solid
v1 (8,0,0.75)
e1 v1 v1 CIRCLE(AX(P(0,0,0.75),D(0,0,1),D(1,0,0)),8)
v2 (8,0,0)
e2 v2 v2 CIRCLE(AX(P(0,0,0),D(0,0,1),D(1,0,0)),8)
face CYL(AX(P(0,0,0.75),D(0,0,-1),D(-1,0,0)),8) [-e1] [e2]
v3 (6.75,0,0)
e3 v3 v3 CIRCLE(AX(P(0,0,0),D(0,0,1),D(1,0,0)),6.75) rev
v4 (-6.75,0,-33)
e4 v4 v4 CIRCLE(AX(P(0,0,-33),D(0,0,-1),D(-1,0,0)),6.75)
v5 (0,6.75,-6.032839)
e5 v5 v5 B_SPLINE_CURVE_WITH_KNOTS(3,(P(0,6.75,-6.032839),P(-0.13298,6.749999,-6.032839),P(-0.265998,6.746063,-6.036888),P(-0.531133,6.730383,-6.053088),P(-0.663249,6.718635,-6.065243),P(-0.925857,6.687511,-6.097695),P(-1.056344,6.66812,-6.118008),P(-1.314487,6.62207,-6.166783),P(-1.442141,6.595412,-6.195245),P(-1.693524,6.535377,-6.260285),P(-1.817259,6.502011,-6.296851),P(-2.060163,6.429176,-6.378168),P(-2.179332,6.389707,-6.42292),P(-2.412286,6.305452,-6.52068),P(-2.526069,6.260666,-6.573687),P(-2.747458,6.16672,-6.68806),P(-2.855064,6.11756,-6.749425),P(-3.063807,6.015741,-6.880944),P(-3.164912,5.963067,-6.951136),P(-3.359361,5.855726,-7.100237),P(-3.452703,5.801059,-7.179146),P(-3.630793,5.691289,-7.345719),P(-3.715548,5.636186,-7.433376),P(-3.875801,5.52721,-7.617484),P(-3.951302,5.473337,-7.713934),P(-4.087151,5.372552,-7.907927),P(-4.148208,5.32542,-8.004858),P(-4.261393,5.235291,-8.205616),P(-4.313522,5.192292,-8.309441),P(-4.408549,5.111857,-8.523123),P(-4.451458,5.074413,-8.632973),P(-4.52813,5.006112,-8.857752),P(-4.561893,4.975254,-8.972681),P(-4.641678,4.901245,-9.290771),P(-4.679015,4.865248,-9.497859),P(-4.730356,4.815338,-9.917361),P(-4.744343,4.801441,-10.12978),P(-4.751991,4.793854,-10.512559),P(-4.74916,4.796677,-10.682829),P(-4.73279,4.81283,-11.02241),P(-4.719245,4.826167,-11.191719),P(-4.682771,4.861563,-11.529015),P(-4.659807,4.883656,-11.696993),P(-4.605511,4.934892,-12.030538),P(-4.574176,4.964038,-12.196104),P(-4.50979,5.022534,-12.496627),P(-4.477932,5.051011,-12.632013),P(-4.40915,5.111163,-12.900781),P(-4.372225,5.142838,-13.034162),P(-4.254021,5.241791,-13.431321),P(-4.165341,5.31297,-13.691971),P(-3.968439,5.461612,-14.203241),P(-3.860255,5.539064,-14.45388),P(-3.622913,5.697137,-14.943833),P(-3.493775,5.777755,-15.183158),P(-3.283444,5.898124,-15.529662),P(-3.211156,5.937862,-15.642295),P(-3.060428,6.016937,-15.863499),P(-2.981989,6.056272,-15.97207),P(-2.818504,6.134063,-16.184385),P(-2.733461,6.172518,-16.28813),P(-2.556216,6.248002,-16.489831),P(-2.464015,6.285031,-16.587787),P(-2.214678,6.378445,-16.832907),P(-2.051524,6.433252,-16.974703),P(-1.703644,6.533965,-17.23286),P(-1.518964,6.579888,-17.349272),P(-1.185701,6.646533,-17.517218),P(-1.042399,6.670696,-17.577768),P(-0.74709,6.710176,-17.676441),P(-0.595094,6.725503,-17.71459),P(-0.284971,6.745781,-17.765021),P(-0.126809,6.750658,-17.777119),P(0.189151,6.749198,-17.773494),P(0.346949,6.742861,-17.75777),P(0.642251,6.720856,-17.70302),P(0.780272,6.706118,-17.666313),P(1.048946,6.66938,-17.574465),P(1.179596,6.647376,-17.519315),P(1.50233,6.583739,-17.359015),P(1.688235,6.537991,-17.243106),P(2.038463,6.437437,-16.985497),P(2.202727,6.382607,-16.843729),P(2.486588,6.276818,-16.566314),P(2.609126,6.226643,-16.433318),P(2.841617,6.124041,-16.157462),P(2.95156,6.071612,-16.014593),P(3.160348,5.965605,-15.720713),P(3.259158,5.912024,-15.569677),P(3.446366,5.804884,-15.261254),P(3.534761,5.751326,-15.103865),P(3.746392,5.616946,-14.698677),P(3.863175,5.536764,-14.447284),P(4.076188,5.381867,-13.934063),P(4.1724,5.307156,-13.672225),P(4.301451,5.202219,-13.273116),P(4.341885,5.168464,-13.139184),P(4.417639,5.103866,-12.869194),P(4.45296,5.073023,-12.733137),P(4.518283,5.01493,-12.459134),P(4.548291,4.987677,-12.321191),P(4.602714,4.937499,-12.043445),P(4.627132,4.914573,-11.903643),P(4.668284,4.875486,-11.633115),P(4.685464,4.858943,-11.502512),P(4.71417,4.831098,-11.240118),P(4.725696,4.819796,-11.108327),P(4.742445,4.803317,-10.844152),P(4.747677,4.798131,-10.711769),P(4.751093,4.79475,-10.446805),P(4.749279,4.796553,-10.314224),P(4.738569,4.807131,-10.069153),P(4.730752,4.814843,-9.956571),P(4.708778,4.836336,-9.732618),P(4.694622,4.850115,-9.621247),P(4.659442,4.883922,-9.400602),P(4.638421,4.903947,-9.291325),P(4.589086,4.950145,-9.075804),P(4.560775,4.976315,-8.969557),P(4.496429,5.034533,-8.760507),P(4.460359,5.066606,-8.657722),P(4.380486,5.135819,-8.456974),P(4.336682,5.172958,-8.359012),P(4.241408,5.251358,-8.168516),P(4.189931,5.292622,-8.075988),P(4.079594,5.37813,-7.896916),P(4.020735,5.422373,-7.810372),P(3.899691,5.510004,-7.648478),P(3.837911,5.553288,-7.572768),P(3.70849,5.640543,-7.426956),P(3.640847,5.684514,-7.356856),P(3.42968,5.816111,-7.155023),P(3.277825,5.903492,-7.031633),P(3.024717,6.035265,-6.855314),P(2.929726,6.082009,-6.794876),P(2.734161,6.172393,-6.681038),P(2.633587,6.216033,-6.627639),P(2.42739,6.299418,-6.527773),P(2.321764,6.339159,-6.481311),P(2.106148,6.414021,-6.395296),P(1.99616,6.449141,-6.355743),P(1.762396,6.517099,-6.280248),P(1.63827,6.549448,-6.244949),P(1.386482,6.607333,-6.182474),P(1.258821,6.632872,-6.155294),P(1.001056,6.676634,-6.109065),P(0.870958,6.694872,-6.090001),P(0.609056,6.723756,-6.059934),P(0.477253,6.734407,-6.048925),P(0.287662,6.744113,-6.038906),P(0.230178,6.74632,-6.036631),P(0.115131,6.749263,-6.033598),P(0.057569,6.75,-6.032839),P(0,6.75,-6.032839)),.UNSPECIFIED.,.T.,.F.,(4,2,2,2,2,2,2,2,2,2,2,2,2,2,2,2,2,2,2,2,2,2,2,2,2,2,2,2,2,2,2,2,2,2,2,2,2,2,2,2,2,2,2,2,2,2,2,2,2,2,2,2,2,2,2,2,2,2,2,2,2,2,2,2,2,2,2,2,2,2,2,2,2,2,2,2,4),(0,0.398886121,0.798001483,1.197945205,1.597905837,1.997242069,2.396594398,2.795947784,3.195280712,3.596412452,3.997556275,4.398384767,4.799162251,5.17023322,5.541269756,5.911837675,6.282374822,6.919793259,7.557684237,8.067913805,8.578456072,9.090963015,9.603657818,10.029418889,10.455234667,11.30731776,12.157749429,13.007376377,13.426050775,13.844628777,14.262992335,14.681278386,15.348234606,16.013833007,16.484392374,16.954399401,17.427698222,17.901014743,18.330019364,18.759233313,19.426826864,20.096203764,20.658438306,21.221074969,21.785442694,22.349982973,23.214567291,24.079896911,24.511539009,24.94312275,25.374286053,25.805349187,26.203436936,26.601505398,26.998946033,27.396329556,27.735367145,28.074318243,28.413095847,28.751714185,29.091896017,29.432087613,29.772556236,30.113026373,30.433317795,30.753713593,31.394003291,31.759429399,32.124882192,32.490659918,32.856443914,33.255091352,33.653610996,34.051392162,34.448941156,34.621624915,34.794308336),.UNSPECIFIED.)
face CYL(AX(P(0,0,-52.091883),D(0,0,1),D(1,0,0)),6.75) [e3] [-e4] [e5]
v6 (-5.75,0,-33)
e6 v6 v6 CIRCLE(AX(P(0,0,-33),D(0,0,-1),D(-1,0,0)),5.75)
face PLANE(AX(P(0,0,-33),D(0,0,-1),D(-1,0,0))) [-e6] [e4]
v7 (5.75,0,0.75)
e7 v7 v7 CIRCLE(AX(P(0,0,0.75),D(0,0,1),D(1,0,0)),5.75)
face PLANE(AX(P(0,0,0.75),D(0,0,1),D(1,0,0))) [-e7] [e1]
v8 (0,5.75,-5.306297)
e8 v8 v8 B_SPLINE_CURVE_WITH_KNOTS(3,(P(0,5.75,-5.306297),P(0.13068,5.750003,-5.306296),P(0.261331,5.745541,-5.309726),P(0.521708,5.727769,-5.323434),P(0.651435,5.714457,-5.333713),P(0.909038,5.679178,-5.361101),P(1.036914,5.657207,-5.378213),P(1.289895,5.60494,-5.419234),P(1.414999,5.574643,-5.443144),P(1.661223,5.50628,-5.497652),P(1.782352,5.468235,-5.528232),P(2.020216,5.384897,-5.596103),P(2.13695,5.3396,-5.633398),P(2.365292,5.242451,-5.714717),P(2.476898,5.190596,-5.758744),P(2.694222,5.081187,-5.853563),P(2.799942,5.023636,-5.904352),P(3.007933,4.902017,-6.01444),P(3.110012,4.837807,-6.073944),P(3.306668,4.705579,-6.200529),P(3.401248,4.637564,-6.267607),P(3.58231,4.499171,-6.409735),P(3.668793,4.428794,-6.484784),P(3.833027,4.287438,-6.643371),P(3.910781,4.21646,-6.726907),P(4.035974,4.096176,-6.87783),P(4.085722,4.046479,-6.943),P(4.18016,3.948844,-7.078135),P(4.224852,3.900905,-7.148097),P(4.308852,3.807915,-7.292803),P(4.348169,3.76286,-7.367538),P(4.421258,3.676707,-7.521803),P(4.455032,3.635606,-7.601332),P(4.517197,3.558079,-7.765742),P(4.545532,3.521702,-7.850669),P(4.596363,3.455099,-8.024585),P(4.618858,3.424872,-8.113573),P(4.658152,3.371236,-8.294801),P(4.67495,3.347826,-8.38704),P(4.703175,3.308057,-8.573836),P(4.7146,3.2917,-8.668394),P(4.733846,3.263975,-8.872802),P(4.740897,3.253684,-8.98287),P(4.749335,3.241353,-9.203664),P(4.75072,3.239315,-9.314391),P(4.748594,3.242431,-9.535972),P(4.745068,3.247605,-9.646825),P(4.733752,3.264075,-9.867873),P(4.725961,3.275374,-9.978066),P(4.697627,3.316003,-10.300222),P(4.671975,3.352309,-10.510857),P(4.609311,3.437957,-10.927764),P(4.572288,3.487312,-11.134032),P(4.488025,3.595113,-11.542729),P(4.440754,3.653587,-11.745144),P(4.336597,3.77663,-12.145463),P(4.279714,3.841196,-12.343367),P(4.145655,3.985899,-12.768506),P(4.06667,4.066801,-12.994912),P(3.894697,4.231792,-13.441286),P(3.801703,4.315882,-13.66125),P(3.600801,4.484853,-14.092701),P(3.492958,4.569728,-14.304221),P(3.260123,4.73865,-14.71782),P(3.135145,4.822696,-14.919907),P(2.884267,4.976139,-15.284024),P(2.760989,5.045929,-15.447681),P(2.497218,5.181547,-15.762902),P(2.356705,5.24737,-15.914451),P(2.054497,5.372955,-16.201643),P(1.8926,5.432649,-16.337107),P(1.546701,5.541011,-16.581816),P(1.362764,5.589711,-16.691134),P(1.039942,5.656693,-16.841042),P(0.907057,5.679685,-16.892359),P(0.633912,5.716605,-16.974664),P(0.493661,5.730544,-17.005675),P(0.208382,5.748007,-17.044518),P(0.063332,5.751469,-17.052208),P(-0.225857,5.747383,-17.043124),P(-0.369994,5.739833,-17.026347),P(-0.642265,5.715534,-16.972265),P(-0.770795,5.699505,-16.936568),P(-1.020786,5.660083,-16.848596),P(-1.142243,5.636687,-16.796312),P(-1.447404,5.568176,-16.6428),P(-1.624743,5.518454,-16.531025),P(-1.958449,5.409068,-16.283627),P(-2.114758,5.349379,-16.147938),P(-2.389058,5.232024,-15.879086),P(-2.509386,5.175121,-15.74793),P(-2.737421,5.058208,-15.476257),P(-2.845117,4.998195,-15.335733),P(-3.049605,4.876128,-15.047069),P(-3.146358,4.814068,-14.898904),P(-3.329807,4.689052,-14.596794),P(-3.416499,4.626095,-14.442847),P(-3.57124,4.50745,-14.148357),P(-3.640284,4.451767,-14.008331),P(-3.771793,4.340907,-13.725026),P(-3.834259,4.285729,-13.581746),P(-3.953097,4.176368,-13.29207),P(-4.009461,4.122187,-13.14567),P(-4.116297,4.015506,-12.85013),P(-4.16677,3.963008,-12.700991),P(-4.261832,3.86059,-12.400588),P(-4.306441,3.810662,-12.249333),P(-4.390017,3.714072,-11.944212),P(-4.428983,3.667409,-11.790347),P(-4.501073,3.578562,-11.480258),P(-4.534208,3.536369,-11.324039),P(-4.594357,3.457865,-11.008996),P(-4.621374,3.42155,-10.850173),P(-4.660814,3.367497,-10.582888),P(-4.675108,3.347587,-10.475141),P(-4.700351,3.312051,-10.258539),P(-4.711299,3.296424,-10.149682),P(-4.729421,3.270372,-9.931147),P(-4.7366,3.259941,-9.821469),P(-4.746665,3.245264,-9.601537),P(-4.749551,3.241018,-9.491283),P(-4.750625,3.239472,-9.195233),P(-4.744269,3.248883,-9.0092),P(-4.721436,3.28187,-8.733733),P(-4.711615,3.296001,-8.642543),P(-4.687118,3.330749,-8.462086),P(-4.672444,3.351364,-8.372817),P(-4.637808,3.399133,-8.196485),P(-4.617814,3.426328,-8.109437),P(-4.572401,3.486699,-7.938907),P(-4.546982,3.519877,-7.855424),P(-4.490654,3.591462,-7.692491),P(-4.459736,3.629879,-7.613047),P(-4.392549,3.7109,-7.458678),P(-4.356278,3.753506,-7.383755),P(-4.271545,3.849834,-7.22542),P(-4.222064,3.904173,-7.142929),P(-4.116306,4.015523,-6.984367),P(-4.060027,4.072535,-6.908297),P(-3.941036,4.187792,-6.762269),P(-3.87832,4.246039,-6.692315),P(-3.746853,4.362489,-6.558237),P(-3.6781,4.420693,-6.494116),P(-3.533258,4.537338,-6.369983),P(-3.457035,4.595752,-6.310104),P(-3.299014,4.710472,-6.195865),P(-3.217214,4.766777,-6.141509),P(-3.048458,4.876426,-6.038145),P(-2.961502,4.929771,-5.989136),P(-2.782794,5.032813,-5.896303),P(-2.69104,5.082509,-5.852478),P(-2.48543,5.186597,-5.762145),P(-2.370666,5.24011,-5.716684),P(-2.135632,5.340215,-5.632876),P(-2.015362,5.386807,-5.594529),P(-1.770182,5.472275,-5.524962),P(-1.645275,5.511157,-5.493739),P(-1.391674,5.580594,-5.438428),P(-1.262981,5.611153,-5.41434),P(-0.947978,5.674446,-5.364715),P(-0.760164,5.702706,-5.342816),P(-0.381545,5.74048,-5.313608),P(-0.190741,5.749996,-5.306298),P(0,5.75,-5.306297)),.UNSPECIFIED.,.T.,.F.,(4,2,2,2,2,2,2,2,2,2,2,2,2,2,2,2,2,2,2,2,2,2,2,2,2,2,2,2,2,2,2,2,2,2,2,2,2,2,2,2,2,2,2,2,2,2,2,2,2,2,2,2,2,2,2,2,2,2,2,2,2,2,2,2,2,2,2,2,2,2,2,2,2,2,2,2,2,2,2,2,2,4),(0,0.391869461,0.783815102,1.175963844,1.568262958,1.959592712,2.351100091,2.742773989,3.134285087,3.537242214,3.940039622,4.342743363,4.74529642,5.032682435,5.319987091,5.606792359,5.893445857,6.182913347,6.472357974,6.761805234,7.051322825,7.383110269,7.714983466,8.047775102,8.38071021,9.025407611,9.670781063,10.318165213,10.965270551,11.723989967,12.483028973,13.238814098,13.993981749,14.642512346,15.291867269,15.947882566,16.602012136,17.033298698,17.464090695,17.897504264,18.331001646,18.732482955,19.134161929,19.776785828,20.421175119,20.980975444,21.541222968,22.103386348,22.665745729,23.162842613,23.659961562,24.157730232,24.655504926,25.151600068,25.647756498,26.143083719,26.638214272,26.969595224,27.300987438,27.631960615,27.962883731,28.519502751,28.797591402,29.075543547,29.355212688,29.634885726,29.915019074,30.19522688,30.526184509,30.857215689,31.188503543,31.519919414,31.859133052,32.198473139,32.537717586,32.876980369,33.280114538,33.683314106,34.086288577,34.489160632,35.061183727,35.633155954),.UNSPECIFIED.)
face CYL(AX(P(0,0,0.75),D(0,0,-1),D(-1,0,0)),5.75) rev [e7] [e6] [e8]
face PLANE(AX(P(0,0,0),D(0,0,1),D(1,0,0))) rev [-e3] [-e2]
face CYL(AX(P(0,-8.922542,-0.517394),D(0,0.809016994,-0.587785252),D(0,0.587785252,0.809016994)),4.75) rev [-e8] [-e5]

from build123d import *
from build123d.topology import SkipClean

# Parameters (mm, degrees)
ESQUISSE1_R                  = 8
ESQUISSE1_R_2                = 5.75
BASE_EXTRUSION_DEPTH         = 0.75
BOSS_EXTRU_1_START           = 33
ESQUISSE2_R                  = 6.75
ESQUISSE2_R_2                = 5.75
BOSS_EXTRU_1_DEPTH           = 33
ENL_V_MAT_EXTRU_1_REACH      = 34.989
ENL_V_MAT_EXTRU_1_END_RADIUS = 5.75
ESQUISSE3_R                  = 4.75


with BuildPart() as part:
    # Esquisse1 → Base-Extrusion (new body)
    with BuildSketch(Plane.XY):
        Circle(ESQUISSE1_R)
        Circle(ESQUISSE1_R_2, mode=Mode.SUBTRACT)
    extrude(amount=BASE_EXTRUSION_DEPTH)

    # Esquisse2 → Boss.-Extru.1 (add)
    with SkipClean():  # the faces are left unmerged after this step: merging them gives an invalid solid
        with BuildSketch(Plane(origin=(0, 0, 0), x_dir=(-1, 0, 0), z_dir=(0, 0, -1)).offset(BOSS_EXTRU_1_START)):
            with Locations(Location((0, 0, 0), (0, 0, 180))):
                Circle(ESQUISSE2_R)
            Circle(ESQUISSE2_R_2, mode=Mode.SUBTRACT)
        extrude(amount=-BOSS_EXTRU_1_DEPTH)

    # Enlèv. mat.-Extru.1: up to this cylinder (the profile starts outside it)
    with SkipClean():  # the faces are left unmerged after this step: merging them gives an invalid solid
        enl_v_mat_extru_1_end = Plane(origin=(0, 0, -15.816779), z_dir=(0, 0, -1)) * Cylinder(ENL_V_MAT_EXTRU_1_END_RADIUS, 82.478, mode=Mode.PRIVATE)
        # Esquisse3 → Enlèv. mat.-Extru.1 (cut, up to the surface)
        with BuildSketch(Plane(origin=(0, 15.463952723, -11.235219304), x_dir=(-1, 0, 0), z_dir=(0, 0.8090169943749307, -0.5877852522924963)), mode=Mode.PRIVATE) as enl_v_mat_extru_1_sk1:
            with Locations(Location((0, -5.663118961, 0), (0, 0, 90))):
                Circle(ESQUISSE3_R)
        enl_v_mat_extru_1_tool1 = extrude(enl_v_mat_extru_1_sk1.sketch, amount=-ENL_V_MAT_EXTRU_1_REACH, mode=Mode.PRIVATE) - enl_v_mat_extru_1_end
        add(enl_v_mat_extru_1_tool1.solids().sort_by_distance((0, 12.135255, -15.816779))[0], mode=Mode.SUBTRACT)


solid = part.part
